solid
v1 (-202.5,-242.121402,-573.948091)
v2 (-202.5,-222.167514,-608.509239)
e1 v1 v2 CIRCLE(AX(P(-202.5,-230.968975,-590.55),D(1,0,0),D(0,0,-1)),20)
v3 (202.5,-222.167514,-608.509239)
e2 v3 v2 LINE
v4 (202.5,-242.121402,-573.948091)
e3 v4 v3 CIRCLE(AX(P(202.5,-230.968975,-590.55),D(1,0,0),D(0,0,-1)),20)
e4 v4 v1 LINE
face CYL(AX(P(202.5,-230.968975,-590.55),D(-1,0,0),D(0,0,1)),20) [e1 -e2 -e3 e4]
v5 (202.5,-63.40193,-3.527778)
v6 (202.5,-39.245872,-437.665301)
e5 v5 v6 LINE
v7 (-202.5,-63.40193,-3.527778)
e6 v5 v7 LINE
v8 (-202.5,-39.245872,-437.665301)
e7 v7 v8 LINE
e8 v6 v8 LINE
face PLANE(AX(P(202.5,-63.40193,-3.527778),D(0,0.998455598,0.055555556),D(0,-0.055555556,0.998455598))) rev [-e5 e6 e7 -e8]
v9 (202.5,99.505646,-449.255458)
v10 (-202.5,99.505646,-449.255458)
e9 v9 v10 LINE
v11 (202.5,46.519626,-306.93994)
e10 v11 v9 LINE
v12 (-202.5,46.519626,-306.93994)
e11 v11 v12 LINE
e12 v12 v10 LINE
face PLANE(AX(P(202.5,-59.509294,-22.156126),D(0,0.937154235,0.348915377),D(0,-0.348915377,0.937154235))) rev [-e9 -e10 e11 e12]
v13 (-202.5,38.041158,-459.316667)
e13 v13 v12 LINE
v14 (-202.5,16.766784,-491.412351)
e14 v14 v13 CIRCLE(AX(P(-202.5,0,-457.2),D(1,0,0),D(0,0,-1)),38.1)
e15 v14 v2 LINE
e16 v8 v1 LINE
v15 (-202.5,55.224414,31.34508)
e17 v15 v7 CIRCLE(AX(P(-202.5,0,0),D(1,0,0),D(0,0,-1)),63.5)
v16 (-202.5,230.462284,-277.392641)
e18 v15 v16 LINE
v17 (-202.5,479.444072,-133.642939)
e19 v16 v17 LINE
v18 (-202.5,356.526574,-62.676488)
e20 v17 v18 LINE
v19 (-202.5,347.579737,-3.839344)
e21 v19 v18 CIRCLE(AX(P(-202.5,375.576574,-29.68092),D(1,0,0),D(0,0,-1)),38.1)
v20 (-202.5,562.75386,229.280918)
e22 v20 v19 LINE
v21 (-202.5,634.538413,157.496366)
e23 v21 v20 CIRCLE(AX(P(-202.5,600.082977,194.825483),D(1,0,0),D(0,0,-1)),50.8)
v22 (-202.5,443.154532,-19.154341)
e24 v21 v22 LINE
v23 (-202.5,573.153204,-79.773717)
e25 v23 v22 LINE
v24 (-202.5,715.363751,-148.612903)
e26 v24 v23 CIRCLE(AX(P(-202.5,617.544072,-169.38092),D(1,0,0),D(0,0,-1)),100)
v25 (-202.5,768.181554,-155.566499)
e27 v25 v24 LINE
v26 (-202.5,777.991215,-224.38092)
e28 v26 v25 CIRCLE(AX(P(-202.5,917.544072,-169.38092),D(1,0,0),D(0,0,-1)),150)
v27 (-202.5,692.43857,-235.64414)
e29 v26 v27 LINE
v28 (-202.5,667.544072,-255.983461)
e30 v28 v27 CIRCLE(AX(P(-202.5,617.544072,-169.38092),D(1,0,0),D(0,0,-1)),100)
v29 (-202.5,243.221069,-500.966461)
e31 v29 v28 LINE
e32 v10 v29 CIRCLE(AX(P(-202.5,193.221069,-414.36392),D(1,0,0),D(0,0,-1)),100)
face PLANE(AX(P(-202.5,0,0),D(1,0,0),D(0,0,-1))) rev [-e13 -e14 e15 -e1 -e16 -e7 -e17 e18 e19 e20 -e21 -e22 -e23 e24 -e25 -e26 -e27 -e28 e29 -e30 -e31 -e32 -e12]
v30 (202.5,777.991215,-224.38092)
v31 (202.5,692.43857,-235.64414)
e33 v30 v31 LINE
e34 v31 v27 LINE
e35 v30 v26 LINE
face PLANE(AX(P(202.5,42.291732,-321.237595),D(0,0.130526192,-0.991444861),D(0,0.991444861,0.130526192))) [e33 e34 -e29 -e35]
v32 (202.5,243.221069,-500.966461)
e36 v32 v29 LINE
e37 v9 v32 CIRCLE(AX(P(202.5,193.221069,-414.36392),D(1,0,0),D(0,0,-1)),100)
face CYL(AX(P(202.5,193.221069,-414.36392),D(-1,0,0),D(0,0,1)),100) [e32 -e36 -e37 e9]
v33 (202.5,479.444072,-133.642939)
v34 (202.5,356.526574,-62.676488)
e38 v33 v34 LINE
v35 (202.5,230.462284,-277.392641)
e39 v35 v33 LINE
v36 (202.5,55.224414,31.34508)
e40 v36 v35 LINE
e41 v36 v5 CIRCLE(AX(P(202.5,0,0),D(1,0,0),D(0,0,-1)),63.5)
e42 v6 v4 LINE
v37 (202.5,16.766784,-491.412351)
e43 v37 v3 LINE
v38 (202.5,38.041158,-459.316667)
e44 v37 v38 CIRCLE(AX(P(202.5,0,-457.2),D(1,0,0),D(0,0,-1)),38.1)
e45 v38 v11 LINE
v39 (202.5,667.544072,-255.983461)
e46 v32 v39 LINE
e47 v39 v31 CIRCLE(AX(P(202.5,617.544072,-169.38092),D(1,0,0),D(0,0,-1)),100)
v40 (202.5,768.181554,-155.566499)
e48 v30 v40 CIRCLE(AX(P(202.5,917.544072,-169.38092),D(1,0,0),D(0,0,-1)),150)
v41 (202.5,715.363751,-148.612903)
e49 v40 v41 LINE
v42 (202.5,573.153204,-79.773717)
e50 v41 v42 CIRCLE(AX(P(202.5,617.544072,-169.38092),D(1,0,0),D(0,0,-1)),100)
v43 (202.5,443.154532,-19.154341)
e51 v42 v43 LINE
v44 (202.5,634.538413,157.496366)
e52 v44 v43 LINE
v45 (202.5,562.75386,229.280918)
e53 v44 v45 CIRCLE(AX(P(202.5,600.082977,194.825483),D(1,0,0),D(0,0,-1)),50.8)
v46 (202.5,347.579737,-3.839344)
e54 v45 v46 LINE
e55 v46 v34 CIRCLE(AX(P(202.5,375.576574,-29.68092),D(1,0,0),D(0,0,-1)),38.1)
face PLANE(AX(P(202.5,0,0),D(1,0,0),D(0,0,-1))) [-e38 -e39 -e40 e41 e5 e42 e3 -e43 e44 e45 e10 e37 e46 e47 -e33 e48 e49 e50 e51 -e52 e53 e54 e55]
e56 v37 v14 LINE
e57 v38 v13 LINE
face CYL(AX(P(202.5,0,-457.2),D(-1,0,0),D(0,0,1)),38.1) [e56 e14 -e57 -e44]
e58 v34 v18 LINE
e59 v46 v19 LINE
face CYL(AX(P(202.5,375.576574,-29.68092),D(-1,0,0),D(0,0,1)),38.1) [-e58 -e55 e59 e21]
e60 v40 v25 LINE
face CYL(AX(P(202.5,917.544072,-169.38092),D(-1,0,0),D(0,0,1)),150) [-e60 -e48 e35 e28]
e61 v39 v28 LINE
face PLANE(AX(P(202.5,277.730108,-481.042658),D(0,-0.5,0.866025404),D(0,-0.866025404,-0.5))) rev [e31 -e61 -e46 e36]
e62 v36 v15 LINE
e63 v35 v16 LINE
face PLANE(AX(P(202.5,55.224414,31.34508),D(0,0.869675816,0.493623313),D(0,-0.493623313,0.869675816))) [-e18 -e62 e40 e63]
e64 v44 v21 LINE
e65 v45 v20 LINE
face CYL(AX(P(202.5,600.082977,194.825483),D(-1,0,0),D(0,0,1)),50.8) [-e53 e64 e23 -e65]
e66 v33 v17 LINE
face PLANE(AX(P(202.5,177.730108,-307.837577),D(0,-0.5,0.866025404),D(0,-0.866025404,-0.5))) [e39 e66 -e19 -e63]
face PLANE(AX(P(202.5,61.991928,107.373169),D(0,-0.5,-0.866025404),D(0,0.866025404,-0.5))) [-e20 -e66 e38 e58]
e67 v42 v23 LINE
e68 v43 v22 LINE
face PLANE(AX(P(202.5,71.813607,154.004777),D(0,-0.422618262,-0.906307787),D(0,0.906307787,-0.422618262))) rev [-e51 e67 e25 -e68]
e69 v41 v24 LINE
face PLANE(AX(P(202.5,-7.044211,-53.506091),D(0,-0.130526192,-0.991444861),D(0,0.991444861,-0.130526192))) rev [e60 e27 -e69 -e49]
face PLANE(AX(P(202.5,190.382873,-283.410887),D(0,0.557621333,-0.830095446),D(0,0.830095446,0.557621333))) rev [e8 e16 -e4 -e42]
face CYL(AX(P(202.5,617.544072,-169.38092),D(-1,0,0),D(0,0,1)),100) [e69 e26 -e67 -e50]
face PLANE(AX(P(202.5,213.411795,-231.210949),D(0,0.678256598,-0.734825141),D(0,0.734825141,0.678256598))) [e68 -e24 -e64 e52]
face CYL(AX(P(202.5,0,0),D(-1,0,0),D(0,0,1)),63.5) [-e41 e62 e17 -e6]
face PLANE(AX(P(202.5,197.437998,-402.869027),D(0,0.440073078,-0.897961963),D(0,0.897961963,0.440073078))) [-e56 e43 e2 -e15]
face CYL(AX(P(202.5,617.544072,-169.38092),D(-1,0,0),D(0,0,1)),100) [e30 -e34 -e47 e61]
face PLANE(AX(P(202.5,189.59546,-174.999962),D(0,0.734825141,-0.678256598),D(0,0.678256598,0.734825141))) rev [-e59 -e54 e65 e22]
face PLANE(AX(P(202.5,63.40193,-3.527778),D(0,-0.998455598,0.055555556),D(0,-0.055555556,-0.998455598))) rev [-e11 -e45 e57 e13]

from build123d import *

# Parameters (mm, degrees)
SKETCH2_R           = 150
SKETCH2_R_2         = 100
SKETCH2_R_3         = 38.1
SKETCH2_R_4         = 50.8
SKETCH2_R_5         = 63.5
SKETCH2_R_6         = 20
BOSS_EXTRUDE1_DEPTH = 202.5


with BuildPart() as part:
    # Sketch2 → Boss-Extrude1 (new, symmetric)
    with BuildSketch(Plane(origin=(0, 0, 0), x_dir=(0, 0, -1), z_dir=(1, 0, 0))):
        with Locations((169.380920233, 917.544072258)):
            Circle(SKETCH2_R)
        with BuildLine():
            ThreePointArc((148.612903403, 715.363750631), (194.853343441, 714.245445857), (235.644139642, 692.438569744))
            Line((235.644139642, 692.438569744), (224.380920233, 777.991214889))
            ThreePointArc((224.380920233, 777.991214889), (190.549773257, 769.045319194), (155.566499173, 768.1815543))
            Line((155.566499173, 768.1815543), (148.612903403, 715.363750631))
        make_face()
        with Locations((169.380920233, 617.544072258)):
            Circle(SKETCH2_R_2)
        with BuildLine():
            Line((133.64293857, 479.444072258), (156.147736241, 518.423525239))
            ThreePointArc((156.147736241, 518.423525239), (113.74819605, 534.447742616), (82.778379855, 567.544072258))
            Line((82.778379855, 567.544072258), (133.64293857, 479.444072258))
        make_face()
        with BuildLine():
            Line((62.676488117, 356.526574441), (133.64293857, 479.444072258))
            Line((133.64293857, 479.444072258), (82.778379855, 567.544072258))
            ThreePointArc((82.778379855, 567.544072258), (81.231422133, 570.324733162), (79.773717129, 573.15320437))
            Line((79.773717129, 573.15320437), (19.154340526, 443.154531728))
            Line((19.154340526, 443.154531728), (57.677758088, 401.418150827))
            ThreePointArc((57.677758088, 401.418150827), (65.165350074, 389.449758606), (67.780920233, 375.576574441))
            ThreePointArc((67.780920233, 375.576574441), (66.482694215, 365.715568823), (62.676488117, 356.526574441))
        make_face()
        with Locations((29.680920233, 375.576574441)):
            Circle(SKETCH2_R_3)
        with BuildLine():
            Line((57.677758088, 401.418150827), (19.154340526, 443.154531728))
            Line((19.154340526, 443.154531728), (-4.849406453, 391.678330213))
            ThreePointArc((-4.849406453, 391.678330213), (23.816822223, 413.222588234), (57.677758088, 401.418150827))
        make_face()
        with BuildLine():
            Line((-4.849406453, 391.678330213), (19.154340526, 443.154531728))
            Line((19.154340526, 443.154531728), (-157.496365653, 634.538412649))
            ThreePointArc((-157.496365653, 634.538412649), (-147.512909672, 618.580556354), (-144.025482794, 600.082977468))
            ThreePointArc((-144.025482794, 600.082977468), (-174.45020497, 553.548172713), (-229.280917975, 562.753860328))
            Line((-229.280917975, 562.753860328), (3.839343847, 347.579736586))
            ThreePointArc((3.839343847, 347.579736586), (-7.700400772, 368.211329036), (-4.849406453, 391.678330213))
        make_face()
        with Locations((-194.825482794, 600.082977468)):
            Circle(SKETCH2_R_4)
        with BuildLine():
            ThreePointArc((365.001588936, 280.188650866), (440.600513293, 289.717914732), (500.966460612, 243.221069268))
            Line((500.966460612, 243.221069268), (255.983460612, 667.544072258))
            ThreePointArc((255.983460612, 667.544072258), (265.973502862, 643.425976769), (269.380920233, 617.544072258))
            ThreePointArc((269.380920233, 617.544072258), (235.247002555, 542.300074494), (156.147736241, 518.423525239))
            Line((156.147736241, 518.423525239), (133.64293857, 479.444072258))
            Line((133.64293857, 479.444072258), (277.392641257, 230.462283632))
            Line((277.392641257, 230.462283632), (365.001588936, 280.188650866))
        make_face()
        with BuildLine():
            ThreePointArc((327.761379855, 143.221069268), (317.867074769, 219.457662328), (365.001588936, 280.188650866))
            Line((365.001588936, 280.188650866), (277.392641257, 230.462283632))
            Line((277.392641257, 230.462283632), (327.761379855, 143.221069268))
        make_face()
        with Locations((414.363920233, 193.221069268)):
            Circle(SKETCH2_R_2)
        with BuildLine():
            Line((306.939939608, 46.519626158), (449.255457905, 99.505645783))
            ThreePointArc((449.255457905, 99.505645783), (380.507362333, 99.126789489), (327.761379855, 143.221069268))
            Line((327.761379855, 143.221069268), (277.392641257, 230.462283632))
            Line((277.392641257, 230.462283632), (-31.345080373, 55.224414315))
            ThreePointArc((-31.345080373, 55.224414315), (-14.497190191, 61.822985018), (3.527777778, 63.401930443))
            Line((3.527777778, 63.401930443), (306.939939608, 46.519626158))
        make_face()
        Circle(SKETCH2_R_5)
        with BuildLine():
            Line((22.156126422, -59.509293913), (306.939939608, 46.519626158))
            Line((306.939939608, 46.519626158), (3.527777778, 63.401930443))
            ThreePointArc((3.527777778, 63.401930443), (46.131680486, 43.636201204), (63.5, 0))
            ThreePointArc((63.5, 0), (52.149611829, -36.23076022), (22.156126422, -59.509293913))
        make_face()
        with BuildLine():
            Line((459.316666667, 38.041158266), (306.939939608, 46.519626158))
            Line((306.939939608, 46.519626158), (22.156126422, -59.509293913))
            ThreePointArc((22.156126422, -59.509293913), (12.988606104, -62.157430059), (3.527777778, -63.401930443))
            Line((3.527777778, -63.401930443), (437.66530145, -39.245872453))
            Line((437.66530145, -39.245872453), (425.573363507, -21.24537277))
            ThreePointArc((425.573363507, -21.24537277), (424.087573777, 18.846146281), (459.316666667, 38.041158266))
        make_face()
        with Locations((457.2, 0)):
            Circle(SKETCH2_R_3)
        with BuildLine():
            Line((608.509239254, -222.167513639), (491.412350778, 16.766784254))
            ThreePointArc((491.412350778, 16.766784254), (494.315364505, 8.605795586), (495.3, 0))
            ThreePointArc((495.3, 0), (484.879008291, -26.181720723), (459.316666667, -38.041158266))
            Line((459.316666667, -38.041158266), (437.66530145, -39.245872453))
            Line((437.66530145, -39.245872453), (573.94809108, -242.12140184))
            ThreePointArc((573.94809108, -242.12140184), (580.55, -213.648467114), (608.509239254, -222.167513639))
        make_face()
        with Locations((590.55, -230.968975189)):
            Circle(SKETCH2_R_6)
        with BuildLine():
            ThreePointArc((459.316666667, -38.041158266), (440.222538989, -34.108295437), (425.573363507, -21.24537277))
            Line((425.573363507, -21.24537277), (437.66530145, -39.245872453))
            Line((437.66530145, -39.245872453), (459.316666667, -38.041158266))
        make_face()
    extrude(amount=BOSS_EXTRUDE1_DEPTH, both=True)


solid = part.part
